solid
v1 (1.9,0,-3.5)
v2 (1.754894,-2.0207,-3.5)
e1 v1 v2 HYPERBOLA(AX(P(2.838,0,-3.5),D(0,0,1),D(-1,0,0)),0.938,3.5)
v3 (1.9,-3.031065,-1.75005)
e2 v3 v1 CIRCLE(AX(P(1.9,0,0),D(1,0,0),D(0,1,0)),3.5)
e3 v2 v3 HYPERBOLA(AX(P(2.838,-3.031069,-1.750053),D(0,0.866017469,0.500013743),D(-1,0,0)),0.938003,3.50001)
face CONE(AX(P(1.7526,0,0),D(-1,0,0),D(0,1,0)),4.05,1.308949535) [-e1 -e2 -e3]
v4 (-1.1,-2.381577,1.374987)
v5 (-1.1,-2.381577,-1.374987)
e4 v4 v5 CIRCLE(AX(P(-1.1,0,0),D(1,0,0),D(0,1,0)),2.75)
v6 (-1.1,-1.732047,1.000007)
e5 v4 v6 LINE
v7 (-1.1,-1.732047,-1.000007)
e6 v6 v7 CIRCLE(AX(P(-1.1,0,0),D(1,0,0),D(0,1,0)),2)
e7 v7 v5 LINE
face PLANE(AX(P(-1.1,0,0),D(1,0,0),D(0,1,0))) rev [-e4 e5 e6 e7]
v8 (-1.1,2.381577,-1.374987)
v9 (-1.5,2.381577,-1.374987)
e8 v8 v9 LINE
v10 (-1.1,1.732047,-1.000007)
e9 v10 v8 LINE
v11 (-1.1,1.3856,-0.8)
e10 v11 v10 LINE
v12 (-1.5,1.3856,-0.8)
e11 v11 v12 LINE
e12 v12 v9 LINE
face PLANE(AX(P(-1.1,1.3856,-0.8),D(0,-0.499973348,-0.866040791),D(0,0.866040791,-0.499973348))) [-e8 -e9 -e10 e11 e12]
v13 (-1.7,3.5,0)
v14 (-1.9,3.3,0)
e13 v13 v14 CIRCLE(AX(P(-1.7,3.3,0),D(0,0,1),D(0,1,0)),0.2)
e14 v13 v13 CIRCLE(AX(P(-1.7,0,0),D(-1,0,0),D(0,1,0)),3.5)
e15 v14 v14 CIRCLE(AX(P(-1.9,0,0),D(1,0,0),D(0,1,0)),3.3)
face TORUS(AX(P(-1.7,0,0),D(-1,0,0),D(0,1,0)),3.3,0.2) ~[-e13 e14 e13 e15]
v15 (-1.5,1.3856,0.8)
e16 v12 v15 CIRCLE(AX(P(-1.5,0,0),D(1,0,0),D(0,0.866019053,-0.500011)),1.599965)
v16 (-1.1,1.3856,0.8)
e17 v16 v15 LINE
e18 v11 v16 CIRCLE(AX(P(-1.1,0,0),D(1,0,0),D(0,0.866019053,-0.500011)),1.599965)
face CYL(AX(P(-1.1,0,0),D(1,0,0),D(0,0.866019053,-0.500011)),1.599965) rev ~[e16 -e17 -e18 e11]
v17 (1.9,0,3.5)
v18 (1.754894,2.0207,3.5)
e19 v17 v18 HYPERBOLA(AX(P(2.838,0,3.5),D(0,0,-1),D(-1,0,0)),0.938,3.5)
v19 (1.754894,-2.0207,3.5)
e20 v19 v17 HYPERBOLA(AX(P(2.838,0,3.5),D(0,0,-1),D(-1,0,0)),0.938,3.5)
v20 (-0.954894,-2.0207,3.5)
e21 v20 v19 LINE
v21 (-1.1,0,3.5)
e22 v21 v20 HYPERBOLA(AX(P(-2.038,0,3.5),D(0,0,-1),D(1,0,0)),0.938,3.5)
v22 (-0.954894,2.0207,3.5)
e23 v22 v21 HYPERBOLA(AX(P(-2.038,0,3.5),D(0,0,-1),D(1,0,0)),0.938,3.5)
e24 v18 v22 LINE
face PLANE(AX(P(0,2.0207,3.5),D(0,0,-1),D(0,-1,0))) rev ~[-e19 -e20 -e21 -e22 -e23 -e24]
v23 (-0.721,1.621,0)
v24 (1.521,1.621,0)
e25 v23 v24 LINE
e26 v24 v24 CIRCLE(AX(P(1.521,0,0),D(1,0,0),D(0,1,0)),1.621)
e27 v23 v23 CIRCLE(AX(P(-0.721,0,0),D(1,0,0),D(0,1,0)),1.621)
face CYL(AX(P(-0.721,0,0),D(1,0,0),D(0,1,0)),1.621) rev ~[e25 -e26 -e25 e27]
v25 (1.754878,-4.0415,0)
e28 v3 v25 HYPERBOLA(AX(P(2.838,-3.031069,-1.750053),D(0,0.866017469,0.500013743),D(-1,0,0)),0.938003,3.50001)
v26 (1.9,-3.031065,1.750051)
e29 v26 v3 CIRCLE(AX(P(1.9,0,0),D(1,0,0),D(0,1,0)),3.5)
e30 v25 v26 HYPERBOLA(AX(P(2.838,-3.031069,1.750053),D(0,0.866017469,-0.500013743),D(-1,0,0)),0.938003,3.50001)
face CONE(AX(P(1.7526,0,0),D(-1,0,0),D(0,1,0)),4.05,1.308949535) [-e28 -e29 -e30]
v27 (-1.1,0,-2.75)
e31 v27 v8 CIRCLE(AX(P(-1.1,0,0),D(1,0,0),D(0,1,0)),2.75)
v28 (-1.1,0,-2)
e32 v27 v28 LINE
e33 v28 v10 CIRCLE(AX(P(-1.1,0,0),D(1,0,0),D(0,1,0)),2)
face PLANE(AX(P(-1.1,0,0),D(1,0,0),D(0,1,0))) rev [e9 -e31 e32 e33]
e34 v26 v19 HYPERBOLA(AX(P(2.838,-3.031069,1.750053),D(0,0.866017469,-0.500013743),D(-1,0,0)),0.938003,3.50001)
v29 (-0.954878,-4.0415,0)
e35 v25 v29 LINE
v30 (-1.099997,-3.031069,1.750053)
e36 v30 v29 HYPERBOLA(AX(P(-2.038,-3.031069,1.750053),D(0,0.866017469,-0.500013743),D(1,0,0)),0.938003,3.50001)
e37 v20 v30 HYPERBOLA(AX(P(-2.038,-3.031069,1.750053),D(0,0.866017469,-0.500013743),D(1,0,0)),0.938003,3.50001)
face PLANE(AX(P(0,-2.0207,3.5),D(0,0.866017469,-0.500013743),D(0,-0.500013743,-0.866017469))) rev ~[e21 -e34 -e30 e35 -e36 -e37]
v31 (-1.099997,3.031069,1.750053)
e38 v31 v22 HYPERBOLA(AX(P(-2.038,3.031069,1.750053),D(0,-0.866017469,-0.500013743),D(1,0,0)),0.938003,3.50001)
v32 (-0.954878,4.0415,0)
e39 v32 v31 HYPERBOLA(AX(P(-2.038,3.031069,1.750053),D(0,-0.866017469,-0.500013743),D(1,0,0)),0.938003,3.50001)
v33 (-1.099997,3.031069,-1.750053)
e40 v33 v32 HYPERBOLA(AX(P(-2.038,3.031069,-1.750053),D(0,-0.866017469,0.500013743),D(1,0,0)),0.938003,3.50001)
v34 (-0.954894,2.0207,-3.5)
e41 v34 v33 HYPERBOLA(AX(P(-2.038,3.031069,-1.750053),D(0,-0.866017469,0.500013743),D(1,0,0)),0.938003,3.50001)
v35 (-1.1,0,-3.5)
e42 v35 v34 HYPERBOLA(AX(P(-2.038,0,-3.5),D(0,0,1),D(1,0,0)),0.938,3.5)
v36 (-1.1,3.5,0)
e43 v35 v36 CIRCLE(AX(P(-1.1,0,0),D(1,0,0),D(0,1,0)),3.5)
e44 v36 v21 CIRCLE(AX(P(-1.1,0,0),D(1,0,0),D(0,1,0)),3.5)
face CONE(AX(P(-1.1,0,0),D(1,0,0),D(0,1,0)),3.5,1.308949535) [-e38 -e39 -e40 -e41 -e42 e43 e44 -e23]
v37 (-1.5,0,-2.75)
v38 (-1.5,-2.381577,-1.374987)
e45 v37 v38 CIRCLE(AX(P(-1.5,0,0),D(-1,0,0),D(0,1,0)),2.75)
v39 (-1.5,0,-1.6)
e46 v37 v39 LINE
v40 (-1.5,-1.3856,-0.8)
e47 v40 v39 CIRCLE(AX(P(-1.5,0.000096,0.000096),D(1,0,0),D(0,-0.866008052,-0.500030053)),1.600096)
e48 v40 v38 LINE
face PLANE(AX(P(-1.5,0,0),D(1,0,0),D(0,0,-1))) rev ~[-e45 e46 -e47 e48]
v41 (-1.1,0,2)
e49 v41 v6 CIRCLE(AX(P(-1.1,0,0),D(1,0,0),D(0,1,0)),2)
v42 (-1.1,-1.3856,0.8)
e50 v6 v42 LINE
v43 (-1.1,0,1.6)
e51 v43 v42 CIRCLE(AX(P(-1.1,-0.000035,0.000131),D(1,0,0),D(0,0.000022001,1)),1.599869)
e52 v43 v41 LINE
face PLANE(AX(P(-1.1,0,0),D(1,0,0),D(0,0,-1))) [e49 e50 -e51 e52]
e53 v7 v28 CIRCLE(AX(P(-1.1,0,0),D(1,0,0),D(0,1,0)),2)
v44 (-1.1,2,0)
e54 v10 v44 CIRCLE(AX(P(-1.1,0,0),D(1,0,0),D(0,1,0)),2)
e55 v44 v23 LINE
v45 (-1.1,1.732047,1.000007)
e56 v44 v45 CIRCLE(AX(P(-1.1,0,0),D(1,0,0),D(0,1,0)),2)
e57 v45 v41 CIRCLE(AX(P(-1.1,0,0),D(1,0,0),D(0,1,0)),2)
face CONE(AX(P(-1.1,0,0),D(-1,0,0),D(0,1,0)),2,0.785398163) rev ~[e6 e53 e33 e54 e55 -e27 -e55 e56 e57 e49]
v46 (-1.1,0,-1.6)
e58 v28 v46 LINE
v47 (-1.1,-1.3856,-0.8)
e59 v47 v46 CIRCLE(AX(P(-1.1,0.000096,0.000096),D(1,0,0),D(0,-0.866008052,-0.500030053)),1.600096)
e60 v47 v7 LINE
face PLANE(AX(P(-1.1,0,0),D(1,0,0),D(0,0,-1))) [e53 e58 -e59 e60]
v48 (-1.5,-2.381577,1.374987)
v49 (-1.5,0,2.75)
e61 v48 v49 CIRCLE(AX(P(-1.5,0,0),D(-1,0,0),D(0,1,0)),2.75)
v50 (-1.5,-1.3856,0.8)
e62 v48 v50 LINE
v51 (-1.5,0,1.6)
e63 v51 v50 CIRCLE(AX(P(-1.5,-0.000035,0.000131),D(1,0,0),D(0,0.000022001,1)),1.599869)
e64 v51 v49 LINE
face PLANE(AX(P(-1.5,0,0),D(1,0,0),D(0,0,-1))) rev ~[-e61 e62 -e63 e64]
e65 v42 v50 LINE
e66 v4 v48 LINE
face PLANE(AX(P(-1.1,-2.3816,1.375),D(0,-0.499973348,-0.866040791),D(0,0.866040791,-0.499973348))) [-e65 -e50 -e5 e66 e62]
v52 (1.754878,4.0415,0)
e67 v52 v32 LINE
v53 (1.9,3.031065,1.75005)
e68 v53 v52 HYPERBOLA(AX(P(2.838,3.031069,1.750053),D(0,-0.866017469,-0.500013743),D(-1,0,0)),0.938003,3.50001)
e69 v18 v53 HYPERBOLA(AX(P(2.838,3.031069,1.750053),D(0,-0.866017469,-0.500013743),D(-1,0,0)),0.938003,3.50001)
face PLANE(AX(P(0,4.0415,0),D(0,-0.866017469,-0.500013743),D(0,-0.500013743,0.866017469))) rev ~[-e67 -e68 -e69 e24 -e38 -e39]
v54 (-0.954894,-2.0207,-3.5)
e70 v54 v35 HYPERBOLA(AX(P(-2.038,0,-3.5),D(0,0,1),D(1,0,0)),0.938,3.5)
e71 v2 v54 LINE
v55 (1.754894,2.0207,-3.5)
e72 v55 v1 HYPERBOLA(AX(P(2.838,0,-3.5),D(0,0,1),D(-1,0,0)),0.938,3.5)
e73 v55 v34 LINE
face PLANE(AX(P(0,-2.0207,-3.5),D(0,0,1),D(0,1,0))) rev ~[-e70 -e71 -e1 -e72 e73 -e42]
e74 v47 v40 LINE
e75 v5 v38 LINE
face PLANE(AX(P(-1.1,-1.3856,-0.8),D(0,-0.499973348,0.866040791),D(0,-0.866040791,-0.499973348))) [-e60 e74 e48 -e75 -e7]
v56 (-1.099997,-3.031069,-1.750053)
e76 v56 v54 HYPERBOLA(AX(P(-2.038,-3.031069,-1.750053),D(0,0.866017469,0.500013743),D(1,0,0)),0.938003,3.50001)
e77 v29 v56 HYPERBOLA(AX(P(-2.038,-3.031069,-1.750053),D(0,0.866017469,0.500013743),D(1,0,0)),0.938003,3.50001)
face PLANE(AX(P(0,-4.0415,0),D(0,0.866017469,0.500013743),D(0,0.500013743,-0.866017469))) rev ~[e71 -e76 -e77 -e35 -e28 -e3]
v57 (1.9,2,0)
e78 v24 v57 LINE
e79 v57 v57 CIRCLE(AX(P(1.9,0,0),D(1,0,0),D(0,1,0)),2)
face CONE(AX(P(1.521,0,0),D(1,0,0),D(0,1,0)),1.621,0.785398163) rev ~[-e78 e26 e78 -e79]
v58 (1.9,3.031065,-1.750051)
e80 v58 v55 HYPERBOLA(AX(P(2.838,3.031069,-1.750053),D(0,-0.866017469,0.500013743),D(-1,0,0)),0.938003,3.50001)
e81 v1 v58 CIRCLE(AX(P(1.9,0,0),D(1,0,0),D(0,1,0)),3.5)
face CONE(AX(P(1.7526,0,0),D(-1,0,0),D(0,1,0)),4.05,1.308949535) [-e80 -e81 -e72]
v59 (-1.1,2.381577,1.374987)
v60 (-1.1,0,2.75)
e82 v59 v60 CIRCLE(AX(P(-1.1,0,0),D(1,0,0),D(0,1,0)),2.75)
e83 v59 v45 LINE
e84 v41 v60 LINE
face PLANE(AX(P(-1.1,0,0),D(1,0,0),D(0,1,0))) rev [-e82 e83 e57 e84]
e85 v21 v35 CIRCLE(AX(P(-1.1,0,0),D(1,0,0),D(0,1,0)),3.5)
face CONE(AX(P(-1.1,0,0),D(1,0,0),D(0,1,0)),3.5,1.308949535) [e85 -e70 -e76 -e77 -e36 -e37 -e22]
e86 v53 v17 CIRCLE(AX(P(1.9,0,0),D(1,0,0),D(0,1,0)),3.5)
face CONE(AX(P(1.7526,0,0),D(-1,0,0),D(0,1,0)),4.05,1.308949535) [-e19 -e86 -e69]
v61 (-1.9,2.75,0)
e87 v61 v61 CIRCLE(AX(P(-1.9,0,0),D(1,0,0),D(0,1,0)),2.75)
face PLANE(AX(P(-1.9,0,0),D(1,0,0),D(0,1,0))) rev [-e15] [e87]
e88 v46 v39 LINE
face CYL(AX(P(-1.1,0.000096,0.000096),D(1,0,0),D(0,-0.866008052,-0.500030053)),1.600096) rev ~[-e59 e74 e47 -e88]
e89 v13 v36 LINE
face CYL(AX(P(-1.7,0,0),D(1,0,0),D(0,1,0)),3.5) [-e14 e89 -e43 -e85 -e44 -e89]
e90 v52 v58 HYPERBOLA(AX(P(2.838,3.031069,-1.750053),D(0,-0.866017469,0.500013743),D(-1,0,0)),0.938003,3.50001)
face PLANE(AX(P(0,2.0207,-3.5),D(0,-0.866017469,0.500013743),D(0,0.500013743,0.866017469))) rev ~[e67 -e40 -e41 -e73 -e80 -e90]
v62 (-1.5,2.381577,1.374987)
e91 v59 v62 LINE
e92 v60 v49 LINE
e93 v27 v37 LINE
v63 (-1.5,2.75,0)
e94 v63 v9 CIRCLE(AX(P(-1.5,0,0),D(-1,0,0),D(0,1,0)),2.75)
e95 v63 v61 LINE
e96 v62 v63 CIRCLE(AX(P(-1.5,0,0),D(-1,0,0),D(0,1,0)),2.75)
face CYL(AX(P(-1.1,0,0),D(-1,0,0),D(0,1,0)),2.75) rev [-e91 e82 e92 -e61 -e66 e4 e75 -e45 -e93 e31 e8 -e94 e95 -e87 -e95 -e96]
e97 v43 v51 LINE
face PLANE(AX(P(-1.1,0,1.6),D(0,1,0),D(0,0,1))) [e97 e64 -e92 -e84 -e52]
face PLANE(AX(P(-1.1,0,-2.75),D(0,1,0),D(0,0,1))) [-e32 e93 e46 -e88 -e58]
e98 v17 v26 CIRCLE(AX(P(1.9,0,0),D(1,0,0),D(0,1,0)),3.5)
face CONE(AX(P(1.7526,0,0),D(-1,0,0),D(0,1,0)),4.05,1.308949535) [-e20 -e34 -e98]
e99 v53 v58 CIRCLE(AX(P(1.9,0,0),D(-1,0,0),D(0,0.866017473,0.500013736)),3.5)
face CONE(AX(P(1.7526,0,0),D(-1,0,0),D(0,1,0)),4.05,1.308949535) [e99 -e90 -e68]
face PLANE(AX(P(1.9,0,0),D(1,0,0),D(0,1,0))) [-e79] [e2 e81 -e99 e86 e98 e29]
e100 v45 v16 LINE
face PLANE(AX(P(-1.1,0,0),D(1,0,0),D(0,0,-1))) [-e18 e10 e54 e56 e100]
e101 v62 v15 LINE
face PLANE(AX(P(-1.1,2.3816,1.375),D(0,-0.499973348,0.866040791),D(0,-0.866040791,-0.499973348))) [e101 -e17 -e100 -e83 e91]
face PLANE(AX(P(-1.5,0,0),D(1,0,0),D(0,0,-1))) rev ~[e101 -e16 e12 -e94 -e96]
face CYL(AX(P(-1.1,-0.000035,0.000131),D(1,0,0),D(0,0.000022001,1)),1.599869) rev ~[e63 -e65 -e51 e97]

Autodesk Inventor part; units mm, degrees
sketch "Sketch_1" plane through (0, 0, 0) normal (0, 0, 1) x (1, 0, 0)
  line L0 (1.9, 0) -> (-1.1, 0)
  line L1 (-1.1, 0) -> (-1.1, 2.75)
  line L2 (-1.1, 2.75) -> (-1.9, 2.75)
  line L3 (-1.9, 2.75) -> (-1.9, 3.3)
  arc A0 (-1.7, 3.5) -> (-1.9, 3.3) centre (-1.7, 3.3) ccw
  line L4 (-1.7, 3.5) -> (-1.1, 3.5)
  line L5 (-1.1, 3.5) -> (-0.9526, 4.05)
  line L6 (-0.9526, 4.05) -> (1.7526, 4.05)
  line L7 (1.7526, 4.05) -> (1.9, 3.5)
  line L8 (1.9, 3.5) -> (1.9, 0)
  line L9 (1.9, 0) -> (-1.1, 0)
revolve "Revolution1" add sketch "Sketch_1" angle 360 about axis through (1.9, 0, 0) along (1, 0, 0)
sketch "Sketch_2" plane through (0, 0, 0) normal (1, 0, 0) x (0, 1, 0)
  line L0 (7, 7) -> (-7, 7)
  line L1 (-7, 7) -> (-7, -7)
  line L2 (-7, -7) -> (7, -7)
  line L3 (7, -7) -> (7, 7)
  line L4 (-2.0207, 3.5) -> (-4.0415, 0)
  line L5 (-4.0415, 0) -> (-2.0207, -3.5)
  line L6 (-2.0207, -3.5) -> (2.0207, -3.5)
  line L7 (2.0207, -3.5) -> (4.0415, 0)
  line L8 (4.0415, 0) -> (2.0207, 3.5)
  line L9 (2.0207, 3.5) -> (-2.0207, 3.5)
extrude "Extrusion1" cut sketch "Sketch_2" along normal mid plane 3.8
sketch "Sketch_3" plane through (0, 0, 0) normal (0, 0, 1) x (1, 0, 0)
  line L0 (1.9, 0) -> (-1.1, 0)
  line L1 (-1.1, 0) -> (-1.1, 2)
  line L2 (-1.1, 2) -> (-0.721, 1.621)
  line L3 (-0.721, 1.621) -> (1.521, 1.621)
  line L4 (1.521, 1.621) -> (1.9, 2)
  line L5 (1.9, 2) -> (1.9, 0)
  line L6 (1.9, 0) -> (-1.1, 0)
revolve "Revolution2" cut sketch "Sketch_3" angle 360 about axis through (1.9, 0, 0) along (1, 0, 0)
thread "Thread1" size "M4x0.7" class "6H" standard "ISO Metric profile" full length
sketch "Sketch_7" plane through (-1.1, 0, 0) normal (1, 0, 0) x (0, 0, -1)
  line L0 (-1.375, 2.3816) -> (-0.8, 1.3856)
  arc A0 (0.8, 1.3856) -> (-0.8, 1.3856) centre (0, 0) ccw
  line L1 (0.8, 1.3856) -> (1.375, 2.3816)
  arc A1 (1.375, 2.3816) -> (-1.375, 2.3816) centre (0, 0) ccw
extrude "Extrusion2" add sketch "Sketch_7" against normal blind 0.4
sketch "Sketch_9" plane through (-1.1, 0, 0) normal (1, 0, 0) x (0, 0, -1)
  arc A0 (-2.75, 0) -> (-1.375, -2.3816) centre (0, 0) ccw
  line L0 (-1.375, -2.3816) -> (-0.8, -1.3856)
  arc A1 (-1.6, 0) -> (-0.8, -1.3856) centre (0, 0) ccw
  line L1 (-1.6, 0) -> (-2.75, 0)
extrude "Extrusion3" add sketch "Sketch_9" against normal blind 0.4
sketch "Sketch_8" plane through (-1.1, 0, 0) normal (1, 0, 0) x (0, 0, -1)
  line L0 (0.8, -1.3856) -> (1.375, -2.3816)
  arc A0 (1.375, -2.3816) -> (2.75, 0) centre (0, 0) ccw
  line L1 (2.75, 0) -> (1.6, 0)
  arc A1 (0.8, -1.3856) -> (1.6, 0) centre (0, 0) ccw
extrude "Extrusion4" add sketch "Sketch_8" against normal blind 0.4
ref_plane "to_bolt_XY" through (1.9, 0, 0) normal (1, 0, 0) x (0, 0, -1)
ref_plane "to_bolt_YZ" through (1.9, 0, 0) normal (0, 0, -1) x (0, 1, 0)
ref_plane "to_bolt_ZX" through (1.9, 0, 0) normal (0, 1, 0) x (1, 0, 0)
properties part number "UNUTZ4"
